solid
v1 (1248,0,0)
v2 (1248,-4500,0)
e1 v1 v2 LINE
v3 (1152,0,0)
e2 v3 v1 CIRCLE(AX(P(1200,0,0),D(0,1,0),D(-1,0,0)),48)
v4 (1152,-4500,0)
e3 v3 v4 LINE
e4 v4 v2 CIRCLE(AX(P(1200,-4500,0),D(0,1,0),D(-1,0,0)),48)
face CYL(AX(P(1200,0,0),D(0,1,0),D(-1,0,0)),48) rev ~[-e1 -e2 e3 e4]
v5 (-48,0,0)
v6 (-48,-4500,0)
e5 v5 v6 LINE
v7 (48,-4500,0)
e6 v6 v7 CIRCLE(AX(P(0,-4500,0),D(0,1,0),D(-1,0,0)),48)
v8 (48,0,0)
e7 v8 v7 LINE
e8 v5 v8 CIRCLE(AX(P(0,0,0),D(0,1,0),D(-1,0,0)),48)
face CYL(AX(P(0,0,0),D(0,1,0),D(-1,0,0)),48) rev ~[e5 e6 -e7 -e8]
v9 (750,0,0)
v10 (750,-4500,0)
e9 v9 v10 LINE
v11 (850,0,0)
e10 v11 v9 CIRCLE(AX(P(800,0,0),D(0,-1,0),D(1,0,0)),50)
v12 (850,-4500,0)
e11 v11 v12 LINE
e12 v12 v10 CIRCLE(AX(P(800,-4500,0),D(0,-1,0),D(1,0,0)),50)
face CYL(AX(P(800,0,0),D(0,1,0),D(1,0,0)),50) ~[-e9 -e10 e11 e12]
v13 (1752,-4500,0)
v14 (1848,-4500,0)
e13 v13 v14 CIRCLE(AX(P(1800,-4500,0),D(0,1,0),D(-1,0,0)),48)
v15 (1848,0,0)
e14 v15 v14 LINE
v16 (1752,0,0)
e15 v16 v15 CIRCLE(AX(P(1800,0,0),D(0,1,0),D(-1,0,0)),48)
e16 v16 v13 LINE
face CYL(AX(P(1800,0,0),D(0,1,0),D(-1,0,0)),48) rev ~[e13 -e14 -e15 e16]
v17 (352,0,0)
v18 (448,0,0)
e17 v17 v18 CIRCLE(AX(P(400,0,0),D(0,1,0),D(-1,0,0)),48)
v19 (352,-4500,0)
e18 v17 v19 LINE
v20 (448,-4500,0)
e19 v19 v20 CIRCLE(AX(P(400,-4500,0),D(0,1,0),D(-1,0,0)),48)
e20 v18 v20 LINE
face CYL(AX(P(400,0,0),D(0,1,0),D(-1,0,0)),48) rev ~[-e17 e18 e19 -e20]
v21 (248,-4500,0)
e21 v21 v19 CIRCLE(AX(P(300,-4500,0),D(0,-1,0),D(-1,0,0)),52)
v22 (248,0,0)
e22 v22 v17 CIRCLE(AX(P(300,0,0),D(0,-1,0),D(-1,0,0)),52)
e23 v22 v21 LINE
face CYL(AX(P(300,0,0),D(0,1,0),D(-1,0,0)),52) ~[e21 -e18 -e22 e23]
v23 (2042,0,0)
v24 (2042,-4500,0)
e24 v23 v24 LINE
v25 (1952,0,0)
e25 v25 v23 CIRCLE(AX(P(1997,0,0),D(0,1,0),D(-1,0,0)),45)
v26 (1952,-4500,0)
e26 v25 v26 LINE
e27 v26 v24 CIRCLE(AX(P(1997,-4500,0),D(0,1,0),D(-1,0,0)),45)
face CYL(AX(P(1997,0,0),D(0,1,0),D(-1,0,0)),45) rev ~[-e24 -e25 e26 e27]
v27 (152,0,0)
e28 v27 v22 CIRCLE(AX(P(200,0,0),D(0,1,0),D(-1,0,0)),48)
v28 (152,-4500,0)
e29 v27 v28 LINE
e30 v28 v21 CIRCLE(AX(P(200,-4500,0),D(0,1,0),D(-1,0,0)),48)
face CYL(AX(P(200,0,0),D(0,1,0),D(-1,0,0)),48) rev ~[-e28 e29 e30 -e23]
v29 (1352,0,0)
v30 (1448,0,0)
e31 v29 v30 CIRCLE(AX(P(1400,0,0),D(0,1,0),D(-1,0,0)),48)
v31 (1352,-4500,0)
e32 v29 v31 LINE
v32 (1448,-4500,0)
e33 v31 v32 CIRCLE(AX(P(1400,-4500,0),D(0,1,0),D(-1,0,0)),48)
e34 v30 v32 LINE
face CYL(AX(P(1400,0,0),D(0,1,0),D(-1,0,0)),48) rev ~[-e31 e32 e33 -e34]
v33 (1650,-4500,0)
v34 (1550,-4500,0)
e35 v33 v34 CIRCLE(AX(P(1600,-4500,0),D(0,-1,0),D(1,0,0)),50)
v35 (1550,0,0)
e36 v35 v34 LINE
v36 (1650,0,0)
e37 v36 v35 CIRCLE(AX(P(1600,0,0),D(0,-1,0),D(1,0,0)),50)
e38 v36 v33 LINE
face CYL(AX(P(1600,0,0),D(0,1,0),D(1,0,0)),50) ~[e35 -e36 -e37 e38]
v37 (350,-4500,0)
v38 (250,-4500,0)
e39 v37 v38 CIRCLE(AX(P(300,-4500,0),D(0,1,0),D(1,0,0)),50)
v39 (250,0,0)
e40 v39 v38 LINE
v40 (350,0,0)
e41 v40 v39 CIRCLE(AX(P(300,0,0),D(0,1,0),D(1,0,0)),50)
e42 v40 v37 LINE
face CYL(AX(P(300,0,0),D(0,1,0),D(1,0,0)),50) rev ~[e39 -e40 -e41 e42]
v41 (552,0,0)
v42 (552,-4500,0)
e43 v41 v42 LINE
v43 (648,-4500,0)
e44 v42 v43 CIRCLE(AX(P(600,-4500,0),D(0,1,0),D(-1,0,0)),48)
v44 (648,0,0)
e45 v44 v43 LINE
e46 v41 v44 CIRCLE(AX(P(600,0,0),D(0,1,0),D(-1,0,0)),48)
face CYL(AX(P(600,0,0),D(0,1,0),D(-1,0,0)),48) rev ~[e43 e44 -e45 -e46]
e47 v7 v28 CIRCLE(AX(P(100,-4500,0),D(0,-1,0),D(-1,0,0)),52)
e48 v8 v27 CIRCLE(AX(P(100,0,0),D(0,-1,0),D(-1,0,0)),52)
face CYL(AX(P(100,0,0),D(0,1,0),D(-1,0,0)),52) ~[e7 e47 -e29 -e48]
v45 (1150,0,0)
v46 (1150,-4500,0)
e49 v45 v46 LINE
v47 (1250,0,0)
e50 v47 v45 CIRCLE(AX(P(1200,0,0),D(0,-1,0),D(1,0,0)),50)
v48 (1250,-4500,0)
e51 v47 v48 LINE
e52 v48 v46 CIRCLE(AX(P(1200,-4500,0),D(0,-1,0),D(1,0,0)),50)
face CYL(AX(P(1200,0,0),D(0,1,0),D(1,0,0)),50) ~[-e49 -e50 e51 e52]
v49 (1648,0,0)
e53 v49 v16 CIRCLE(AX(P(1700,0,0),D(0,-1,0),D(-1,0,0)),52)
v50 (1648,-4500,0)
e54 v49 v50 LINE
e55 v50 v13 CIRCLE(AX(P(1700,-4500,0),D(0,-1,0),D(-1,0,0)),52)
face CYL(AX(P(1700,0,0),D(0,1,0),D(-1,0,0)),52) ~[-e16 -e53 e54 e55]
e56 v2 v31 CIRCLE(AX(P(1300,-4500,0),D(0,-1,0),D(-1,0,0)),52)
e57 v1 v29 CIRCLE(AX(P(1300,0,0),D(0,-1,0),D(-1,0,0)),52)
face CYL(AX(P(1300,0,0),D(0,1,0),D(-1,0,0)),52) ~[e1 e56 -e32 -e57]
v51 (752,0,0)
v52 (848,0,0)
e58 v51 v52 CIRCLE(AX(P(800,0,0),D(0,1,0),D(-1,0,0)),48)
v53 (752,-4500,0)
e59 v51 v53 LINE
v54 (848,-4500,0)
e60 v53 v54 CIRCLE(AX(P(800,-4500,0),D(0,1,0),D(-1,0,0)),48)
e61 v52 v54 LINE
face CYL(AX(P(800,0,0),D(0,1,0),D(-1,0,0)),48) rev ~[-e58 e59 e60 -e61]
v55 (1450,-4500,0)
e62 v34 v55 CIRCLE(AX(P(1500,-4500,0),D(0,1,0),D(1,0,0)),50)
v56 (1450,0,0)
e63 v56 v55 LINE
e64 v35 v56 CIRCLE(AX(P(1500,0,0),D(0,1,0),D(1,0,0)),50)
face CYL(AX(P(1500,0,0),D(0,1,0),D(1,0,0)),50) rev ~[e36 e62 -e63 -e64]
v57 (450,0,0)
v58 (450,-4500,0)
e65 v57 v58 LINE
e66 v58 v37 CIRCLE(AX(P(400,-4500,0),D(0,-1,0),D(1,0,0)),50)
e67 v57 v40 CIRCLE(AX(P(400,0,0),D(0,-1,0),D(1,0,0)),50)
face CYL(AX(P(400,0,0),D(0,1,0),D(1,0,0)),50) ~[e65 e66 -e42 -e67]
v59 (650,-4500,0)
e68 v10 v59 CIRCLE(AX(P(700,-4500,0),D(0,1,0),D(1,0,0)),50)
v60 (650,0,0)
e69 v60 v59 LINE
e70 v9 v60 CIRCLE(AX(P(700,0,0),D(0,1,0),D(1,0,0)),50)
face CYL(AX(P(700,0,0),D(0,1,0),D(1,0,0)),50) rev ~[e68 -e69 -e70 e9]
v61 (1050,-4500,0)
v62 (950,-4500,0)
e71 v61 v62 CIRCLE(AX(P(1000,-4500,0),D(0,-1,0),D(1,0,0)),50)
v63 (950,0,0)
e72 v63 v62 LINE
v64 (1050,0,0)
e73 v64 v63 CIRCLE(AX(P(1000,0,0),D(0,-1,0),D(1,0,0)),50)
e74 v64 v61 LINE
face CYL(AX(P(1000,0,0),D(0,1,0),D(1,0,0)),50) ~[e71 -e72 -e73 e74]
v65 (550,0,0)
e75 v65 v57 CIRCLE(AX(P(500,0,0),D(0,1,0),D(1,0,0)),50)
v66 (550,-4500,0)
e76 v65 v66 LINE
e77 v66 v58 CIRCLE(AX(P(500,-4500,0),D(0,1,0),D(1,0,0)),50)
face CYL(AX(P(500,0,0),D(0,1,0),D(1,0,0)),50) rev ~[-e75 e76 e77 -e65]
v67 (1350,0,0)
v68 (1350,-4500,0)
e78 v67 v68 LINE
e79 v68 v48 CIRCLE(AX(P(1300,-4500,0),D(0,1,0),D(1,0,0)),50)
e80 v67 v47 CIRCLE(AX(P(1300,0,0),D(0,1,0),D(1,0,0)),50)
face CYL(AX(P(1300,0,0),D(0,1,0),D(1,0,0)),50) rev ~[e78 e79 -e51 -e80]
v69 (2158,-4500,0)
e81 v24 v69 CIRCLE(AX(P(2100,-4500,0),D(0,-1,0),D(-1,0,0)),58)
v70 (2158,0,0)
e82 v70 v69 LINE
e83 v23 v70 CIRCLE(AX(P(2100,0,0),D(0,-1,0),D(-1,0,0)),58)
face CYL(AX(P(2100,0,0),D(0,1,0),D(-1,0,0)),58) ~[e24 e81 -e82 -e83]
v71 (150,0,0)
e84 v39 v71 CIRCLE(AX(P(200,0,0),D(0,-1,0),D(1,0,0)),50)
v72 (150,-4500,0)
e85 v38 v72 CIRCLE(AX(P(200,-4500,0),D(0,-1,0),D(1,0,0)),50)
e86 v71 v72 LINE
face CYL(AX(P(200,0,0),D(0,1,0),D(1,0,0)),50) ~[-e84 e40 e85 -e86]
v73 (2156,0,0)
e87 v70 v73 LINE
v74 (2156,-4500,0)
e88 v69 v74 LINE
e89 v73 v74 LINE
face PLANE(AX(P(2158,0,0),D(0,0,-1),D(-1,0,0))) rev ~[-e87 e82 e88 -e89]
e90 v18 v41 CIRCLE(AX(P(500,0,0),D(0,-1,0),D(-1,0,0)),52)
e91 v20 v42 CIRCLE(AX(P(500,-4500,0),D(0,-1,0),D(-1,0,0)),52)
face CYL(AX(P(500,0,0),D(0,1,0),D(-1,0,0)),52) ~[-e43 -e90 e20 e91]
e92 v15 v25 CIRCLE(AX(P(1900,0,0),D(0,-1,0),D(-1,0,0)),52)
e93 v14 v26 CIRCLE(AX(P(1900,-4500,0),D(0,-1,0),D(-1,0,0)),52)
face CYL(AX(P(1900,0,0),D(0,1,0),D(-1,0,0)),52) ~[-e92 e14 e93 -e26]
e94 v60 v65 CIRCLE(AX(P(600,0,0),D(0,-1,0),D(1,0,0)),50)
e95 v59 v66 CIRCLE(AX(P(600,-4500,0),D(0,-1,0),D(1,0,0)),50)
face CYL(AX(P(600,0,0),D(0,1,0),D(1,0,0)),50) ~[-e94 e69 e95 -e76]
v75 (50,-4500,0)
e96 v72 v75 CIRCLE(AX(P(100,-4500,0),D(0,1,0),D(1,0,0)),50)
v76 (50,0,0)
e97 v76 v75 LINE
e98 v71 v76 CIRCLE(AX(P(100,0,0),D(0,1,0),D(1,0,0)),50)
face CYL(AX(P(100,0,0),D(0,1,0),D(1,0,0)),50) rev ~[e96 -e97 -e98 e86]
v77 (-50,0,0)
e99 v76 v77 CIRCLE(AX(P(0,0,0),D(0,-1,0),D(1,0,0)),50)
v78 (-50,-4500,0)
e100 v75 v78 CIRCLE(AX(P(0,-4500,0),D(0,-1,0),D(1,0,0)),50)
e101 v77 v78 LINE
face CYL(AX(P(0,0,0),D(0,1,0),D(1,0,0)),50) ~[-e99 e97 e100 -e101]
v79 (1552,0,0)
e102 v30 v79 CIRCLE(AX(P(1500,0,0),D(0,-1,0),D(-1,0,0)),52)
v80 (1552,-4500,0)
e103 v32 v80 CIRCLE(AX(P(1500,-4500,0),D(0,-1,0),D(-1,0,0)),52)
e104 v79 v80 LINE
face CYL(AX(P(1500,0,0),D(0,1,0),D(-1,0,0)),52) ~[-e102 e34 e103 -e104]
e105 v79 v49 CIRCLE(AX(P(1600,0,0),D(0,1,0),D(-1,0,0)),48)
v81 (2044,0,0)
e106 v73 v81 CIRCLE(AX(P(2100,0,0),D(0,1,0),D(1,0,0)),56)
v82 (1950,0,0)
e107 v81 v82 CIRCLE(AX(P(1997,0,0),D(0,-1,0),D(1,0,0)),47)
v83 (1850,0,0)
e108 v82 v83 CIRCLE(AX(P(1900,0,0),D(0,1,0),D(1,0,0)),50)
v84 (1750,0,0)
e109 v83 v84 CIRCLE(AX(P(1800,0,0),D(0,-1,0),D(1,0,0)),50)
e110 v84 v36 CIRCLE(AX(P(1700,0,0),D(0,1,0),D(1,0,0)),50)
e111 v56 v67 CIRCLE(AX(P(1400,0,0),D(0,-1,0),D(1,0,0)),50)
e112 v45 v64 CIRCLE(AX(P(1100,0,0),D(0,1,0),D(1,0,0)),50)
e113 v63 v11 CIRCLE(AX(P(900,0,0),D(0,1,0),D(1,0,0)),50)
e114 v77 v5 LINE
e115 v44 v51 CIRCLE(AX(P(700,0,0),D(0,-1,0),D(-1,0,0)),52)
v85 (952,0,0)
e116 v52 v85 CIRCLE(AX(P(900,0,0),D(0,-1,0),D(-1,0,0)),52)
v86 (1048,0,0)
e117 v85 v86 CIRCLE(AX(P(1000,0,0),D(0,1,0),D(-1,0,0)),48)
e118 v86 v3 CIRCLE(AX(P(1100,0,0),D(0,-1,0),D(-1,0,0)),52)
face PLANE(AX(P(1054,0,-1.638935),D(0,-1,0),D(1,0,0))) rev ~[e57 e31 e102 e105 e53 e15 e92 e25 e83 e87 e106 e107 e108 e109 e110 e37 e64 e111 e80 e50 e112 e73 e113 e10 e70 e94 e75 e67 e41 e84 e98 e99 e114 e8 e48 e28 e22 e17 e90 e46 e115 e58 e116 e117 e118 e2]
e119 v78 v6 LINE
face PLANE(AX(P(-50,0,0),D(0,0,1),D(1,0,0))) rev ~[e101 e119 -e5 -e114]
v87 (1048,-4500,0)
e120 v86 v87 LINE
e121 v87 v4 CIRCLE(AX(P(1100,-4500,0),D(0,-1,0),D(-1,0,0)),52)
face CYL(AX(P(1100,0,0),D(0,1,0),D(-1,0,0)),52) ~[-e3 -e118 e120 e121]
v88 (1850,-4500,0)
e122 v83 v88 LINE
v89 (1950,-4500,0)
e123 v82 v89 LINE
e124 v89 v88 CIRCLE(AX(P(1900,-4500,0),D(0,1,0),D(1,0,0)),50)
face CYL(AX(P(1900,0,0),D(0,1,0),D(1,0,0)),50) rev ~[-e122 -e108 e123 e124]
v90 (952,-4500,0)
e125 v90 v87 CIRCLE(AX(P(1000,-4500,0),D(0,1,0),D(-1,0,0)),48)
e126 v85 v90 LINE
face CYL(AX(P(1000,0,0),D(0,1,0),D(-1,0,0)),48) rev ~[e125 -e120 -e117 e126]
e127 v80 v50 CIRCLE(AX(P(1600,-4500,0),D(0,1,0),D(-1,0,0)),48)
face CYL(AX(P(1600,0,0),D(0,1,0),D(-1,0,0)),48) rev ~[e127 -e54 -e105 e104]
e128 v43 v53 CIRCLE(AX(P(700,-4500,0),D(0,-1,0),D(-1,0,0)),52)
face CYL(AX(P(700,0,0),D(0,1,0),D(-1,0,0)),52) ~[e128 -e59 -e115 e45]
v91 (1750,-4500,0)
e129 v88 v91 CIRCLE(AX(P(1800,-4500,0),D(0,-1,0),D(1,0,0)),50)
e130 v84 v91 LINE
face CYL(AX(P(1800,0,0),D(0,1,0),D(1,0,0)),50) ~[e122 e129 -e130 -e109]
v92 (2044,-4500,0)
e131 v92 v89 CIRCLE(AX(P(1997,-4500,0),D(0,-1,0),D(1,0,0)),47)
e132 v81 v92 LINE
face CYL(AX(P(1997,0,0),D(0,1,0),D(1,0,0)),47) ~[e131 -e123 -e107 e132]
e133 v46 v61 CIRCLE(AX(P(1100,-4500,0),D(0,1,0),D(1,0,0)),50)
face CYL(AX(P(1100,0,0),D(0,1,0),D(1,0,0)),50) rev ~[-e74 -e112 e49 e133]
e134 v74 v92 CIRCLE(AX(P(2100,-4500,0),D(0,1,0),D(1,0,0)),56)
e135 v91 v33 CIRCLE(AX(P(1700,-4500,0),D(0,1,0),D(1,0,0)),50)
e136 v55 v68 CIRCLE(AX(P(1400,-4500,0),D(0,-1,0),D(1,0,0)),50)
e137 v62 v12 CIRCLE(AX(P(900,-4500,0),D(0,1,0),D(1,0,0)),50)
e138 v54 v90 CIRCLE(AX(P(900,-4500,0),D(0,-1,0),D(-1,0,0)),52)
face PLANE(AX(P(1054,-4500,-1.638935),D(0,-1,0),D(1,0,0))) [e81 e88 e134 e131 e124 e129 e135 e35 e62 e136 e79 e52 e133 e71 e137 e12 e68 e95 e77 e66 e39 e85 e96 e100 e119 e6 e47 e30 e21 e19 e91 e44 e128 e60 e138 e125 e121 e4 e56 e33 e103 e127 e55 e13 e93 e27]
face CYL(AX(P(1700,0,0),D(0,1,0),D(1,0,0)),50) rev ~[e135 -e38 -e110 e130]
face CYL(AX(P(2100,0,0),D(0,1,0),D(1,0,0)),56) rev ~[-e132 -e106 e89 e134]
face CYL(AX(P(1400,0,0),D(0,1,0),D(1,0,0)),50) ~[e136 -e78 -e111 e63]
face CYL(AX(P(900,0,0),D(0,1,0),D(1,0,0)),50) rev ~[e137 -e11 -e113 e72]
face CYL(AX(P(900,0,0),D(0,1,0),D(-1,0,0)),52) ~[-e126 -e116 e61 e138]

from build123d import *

# Parameters (mm, degrees)
F1_DEPTH = 4500


with BuildPart() as f1:
    # F0 (on Front) → F1 (new body)
    with BuildSketch(Plane.XZ):
        with BuildLine():
            ThreePointArc((150, 0), (100, -50), (50, 0))
            ThreePointArc((50, 0), (0, 50), (-50, 0))
            Line((-50, 0), (-48, 0))
            ThreePointArc((-48, 0), (0, 48), (48, 0))
            ThreePointArc((48, 0), (100, -52), (152, 0))
            ThreePointArc((152, 0), (200, 48), (248, 0))
            ThreePointArc((248, 0), (300, -52), (352, 0))
            ThreePointArc((352, 0), (400, 48), (448, 0))
            ThreePointArc((448, 0), (500, -52), (552, 0))
            ThreePointArc((552, 0), (600, 48), (648, 0))
            ThreePointArc((648, 0), (700, -52), (752, 0))
            ThreePointArc((752, 0), (800, 48), (848, 0))
            ThreePointArc((848, 0), (900, -52), (952, 0))
            ThreePointArc((952, 0), (1000, 48), (1048, 0))
            ThreePointArc((1048, 0), (1100, -52), (1152, 0))
            ThreePointArc((1152, 0), (1200, 48), (1248, 0))
            ThreePointArc((1248, 0), (1300, -52), (1352, 0))
            ThreePointArc((1352, 0), (1400, 48), (1448, 0))
            ThreePointArc((1448, 0), (1500, -52), (1552, 0))
            ThreePointArc((1552, 0), (1600, 48), (1648, 0))
            ThreePointArc((1648, 0), (1700, -52), (1752, 0))
            ThreePointArc((1752, 0), (1800, 48), (1848, 0))
            ThreePointArc((1848, 0), (1900, -52), (1952, 0))
            ThreePointArc((1952, 0), (1997, 45), (2042, 0))
            ThreePointArc((2042, 0), (2100, -58), (2158, 0))
            Line((2158, 0), (2156, 0))
            ThreePointArc((2156, 0), (2100, -56), (2044, 0))
            ThreePointArc((2044, 0), (1997, 47), (1950, 0))
            ThreePointArc((1950, 0), (1900, -50), (1850, 0))
            ThreePointArc((1850, 0), (1800, 50), (1750, 0))
            ThreePointArc((1750, 0), (1700, -50), (1650, 0))
            ThreePointArc((1650, 0), (1600, 50), (1550, 0))
            ThreePointArc((1550, 0), (1500, -50), (1450, 0))
            ThreePointArc((1450, 0), (1400, 50), (1350, 0))
            ThreePointArc((1350, 0), (1300, -50), (1250, 0))
            ThreePointArc((1250, 0), (1200, 50), (1150, 0))
            ThreePointArc((1150, 0), (1100, -50), (1050, 0))
            ThreePointArc((1050, 0), (1000, 50), (950, 0))
            ThreePointArc((950, 0), (900, -50), (850, 0))
            ThreePointArc((850, 0), (800, 50), (750, 0))
            ThreePointArc((750, 0), (700, -50), (650, 0))
            ThreePointArc((650, 0), (600, 50), (550, 0))
            ThreePointArc((550, 0), (500, -50), (450, 0))
            ThreePointArc((450, 0), (400, 50), (350, 0))
            ThreePointArc((350, 0), (300, -50), (250, 0))
            ThreePointArc((250, 0), (200, 50), (150, 0))
        make_face()
    extrude(amount=F1_DEPTH)


solid = f1.part
